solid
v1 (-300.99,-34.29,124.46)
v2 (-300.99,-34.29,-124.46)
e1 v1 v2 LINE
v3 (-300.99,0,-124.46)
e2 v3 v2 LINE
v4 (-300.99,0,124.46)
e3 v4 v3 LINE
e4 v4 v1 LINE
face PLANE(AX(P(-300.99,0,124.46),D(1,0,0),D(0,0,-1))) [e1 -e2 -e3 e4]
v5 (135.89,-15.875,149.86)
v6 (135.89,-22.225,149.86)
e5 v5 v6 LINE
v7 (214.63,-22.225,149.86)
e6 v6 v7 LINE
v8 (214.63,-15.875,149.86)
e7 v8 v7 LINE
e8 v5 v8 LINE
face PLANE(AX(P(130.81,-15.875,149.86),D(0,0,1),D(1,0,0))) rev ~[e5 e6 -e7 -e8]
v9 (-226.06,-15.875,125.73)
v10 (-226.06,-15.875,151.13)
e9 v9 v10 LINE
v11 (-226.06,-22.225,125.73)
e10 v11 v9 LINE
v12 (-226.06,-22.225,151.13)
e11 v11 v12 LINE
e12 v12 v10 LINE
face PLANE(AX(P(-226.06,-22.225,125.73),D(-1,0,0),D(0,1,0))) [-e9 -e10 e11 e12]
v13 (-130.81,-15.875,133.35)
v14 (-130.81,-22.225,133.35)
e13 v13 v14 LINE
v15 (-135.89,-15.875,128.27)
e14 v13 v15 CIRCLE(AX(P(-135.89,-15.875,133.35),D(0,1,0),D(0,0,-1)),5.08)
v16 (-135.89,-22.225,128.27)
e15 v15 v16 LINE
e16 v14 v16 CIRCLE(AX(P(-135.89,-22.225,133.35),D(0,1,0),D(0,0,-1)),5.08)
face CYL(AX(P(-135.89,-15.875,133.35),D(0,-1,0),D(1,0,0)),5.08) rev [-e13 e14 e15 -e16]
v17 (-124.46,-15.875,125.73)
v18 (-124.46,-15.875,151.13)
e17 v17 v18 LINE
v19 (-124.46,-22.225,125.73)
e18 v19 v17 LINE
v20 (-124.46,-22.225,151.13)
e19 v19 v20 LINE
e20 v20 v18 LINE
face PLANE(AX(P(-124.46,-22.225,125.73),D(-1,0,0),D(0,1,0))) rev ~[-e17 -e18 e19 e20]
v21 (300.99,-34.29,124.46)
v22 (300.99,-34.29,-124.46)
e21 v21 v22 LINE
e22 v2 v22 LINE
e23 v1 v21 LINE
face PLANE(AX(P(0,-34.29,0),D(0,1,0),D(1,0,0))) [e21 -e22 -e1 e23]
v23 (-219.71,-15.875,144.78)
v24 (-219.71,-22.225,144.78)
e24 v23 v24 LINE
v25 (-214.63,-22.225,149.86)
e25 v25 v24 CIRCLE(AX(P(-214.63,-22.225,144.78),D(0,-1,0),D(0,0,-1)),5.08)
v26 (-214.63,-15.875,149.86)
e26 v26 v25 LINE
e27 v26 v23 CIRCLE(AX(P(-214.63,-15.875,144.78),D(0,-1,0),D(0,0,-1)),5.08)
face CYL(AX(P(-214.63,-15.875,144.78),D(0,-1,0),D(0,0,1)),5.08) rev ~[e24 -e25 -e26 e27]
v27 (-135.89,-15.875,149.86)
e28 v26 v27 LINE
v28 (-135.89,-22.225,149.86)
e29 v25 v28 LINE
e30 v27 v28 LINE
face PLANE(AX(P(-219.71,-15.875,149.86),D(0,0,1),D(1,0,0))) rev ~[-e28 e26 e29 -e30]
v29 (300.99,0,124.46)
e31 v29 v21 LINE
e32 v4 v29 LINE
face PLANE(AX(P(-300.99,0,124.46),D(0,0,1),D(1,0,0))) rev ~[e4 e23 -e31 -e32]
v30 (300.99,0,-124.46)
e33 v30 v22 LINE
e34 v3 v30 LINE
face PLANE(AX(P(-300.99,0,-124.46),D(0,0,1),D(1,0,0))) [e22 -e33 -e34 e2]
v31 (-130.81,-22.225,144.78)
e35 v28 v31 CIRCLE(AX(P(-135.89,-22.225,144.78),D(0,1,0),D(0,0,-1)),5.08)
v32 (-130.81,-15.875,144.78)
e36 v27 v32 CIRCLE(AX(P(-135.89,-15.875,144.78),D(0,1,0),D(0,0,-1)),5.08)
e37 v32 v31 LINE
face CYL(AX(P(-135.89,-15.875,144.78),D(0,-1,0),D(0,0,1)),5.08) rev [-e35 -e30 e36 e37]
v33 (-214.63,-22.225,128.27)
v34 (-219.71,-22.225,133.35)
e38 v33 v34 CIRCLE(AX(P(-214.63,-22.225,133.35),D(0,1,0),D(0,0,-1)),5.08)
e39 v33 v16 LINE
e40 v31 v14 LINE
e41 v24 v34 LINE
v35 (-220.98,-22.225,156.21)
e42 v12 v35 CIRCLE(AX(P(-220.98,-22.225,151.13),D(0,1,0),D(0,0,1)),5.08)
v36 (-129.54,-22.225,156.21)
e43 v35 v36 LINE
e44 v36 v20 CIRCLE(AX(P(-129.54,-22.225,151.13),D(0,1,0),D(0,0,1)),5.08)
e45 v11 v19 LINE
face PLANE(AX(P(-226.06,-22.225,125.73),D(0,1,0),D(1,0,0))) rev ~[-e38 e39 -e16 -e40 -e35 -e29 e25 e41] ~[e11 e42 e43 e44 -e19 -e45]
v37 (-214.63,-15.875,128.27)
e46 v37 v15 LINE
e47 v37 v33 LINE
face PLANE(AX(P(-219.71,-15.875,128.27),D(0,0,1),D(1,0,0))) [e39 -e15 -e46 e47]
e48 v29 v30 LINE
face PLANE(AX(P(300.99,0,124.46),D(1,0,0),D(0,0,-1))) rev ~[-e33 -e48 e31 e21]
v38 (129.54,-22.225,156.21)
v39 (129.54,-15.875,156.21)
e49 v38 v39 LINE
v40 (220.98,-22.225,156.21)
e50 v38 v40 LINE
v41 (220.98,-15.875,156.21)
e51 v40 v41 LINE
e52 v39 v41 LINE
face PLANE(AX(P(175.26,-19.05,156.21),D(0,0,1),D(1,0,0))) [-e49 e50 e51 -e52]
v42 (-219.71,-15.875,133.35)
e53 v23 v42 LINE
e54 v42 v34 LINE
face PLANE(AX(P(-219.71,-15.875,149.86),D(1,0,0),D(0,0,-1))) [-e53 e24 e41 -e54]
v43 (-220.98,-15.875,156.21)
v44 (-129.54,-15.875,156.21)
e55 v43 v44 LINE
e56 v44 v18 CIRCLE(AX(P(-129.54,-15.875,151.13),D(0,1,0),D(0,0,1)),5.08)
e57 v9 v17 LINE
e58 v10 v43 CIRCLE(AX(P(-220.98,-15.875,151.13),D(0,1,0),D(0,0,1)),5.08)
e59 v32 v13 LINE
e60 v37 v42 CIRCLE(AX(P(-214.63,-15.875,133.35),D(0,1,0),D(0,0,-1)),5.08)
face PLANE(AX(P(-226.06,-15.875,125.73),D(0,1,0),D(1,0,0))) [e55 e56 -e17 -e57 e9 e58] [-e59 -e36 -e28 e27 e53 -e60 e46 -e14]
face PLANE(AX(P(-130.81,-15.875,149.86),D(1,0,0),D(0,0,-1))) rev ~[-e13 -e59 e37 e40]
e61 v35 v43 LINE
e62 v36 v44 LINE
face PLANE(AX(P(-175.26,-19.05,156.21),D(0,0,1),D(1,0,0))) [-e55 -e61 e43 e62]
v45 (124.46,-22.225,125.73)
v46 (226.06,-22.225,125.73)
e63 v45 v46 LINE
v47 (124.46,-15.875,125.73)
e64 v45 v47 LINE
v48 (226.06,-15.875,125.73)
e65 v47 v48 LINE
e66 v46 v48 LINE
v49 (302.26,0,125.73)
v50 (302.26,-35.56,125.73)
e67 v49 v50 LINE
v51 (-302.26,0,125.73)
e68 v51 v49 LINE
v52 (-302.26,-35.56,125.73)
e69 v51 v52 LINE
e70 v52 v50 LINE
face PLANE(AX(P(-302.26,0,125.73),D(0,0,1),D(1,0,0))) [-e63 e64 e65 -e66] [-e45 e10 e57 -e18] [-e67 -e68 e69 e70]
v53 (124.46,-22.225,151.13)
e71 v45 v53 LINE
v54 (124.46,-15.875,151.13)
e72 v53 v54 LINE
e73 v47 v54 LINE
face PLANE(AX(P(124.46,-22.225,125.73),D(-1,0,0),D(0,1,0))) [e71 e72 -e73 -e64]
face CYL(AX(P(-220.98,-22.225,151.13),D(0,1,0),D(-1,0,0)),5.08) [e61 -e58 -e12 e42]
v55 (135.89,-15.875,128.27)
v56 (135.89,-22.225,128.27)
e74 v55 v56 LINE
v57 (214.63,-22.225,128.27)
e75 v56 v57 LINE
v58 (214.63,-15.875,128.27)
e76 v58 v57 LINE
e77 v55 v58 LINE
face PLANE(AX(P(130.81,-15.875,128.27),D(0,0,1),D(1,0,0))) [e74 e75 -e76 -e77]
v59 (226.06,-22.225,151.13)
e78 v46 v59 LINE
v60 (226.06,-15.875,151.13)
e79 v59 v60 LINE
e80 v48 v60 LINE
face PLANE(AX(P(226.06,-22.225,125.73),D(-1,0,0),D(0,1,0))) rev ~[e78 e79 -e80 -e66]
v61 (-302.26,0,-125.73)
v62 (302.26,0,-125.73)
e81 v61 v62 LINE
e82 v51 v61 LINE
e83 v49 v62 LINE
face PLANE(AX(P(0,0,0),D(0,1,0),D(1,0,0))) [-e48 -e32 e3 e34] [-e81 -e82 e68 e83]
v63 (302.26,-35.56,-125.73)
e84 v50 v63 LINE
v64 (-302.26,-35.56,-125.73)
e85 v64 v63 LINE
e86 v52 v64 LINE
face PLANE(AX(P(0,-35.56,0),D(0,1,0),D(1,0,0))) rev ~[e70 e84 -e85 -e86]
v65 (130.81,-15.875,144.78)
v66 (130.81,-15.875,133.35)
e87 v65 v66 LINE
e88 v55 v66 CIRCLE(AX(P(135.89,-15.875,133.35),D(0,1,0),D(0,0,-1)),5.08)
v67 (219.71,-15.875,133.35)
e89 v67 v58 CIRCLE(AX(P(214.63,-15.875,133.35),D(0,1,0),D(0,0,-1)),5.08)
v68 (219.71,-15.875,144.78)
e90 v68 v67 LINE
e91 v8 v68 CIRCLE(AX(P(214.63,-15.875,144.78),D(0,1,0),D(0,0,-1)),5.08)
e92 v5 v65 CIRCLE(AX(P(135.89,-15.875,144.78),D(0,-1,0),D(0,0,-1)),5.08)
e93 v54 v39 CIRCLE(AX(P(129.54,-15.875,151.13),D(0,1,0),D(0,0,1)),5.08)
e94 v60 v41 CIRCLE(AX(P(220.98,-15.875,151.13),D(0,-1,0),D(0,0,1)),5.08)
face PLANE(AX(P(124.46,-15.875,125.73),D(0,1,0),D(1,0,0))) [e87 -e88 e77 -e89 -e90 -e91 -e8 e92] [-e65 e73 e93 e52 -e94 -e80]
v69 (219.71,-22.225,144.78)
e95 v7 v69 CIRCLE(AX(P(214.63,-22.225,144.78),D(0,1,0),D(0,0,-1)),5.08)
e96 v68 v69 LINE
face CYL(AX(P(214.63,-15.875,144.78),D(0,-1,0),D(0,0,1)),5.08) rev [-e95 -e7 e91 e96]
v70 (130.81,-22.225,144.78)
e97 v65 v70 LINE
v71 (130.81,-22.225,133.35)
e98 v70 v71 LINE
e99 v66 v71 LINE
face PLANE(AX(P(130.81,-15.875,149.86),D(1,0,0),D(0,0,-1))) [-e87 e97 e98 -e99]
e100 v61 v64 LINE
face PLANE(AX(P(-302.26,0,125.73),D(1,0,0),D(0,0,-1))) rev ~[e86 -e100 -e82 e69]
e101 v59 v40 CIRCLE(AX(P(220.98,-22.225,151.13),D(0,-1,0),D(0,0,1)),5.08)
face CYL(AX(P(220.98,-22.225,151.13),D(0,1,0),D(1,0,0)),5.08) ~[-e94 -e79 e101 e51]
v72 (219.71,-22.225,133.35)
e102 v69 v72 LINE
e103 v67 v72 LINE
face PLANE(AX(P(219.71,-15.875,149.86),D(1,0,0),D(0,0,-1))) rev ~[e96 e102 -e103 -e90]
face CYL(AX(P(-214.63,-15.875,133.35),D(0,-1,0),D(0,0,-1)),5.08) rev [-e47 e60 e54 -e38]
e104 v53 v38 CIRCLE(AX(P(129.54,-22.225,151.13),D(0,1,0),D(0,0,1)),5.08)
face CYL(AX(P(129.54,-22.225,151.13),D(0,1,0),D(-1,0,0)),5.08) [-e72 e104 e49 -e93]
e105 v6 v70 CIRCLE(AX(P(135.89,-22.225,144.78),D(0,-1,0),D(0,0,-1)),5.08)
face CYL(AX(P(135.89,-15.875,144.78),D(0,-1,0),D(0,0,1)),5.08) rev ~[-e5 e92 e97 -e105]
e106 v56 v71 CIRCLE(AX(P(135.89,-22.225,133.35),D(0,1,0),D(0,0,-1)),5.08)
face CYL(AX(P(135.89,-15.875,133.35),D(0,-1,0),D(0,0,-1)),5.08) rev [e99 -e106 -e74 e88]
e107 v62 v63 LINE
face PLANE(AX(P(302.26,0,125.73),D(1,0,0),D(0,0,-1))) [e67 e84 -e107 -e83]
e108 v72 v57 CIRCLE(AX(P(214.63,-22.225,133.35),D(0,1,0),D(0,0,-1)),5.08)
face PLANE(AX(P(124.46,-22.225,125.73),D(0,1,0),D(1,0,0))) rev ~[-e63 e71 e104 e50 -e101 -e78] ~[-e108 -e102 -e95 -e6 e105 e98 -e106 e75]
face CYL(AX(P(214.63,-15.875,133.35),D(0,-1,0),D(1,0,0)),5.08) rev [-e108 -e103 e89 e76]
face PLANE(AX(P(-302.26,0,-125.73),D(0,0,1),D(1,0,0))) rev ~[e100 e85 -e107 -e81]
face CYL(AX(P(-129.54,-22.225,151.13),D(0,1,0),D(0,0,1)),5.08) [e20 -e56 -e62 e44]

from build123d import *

# Parameters (mm, degrees)
SKETCH1_W           = 604.52
SKETCH1_H           = 251.46
BOSS_EXTRUDE1_DEPTH = 35.56
SKETCH2_W           = 601.98
SKETCH2_H           = 248.92
CUT_EXTRUDE1_DEPTH  = 34.29
SKETCH3_W           = 101.6
SKETCH3_H           = 6.35
BOSS_EXTRUDE2_DEPTH = 30.48
SKETCH4_W           = 88.9
SKETCH4_H           = 21.59
CUT_EXTRUDE2_DEPTH  = 341.808114523
FILLET1_R           = 5.08
FILLET2_R           = 5.08


with BuildPart() as part:
    # Sketch1 → Boss-Extrude1 (new body)
    with BuildSketch(Plane(origin=(0, 0, 0), x_dir=(1, 0, 0), z_dir=(0, 1, 0))):
        Rectangle(SKETCH1_W, SKETCH1_H)
    extrude(amount=-BOSS_EXTRUDE1_DEPTH)

    # Sketch2 → Cut-Extrude1 (cut)
    with BuildSketch(Plane(origin=(0, 0, 0), x_dir=(1, 0, 0), z_dir=(0, 1, 0))):
        Rectangle(SKETCH2_W, SKETCH2_H)
    extrude(amount=-CUT_EXTRUDE1_DEPTH, mode=Mode.SUBTRACT)

    # Sketch3 → Boss-Extrude2 (add)
    with BuildSketch(Plane.XY.offset(125.73)):
        with Locations((-175.26, -19.05)):
            Rectangle(SKETCH3_W, SKETCH3_H)
        with Locations((175.26, -19.05)):
            Rectangle(SKETCH3_W, SKETCH3_H)
    extrude(amount=BOSS_EXTRUDE2_DEPTH)

    # Sketch4 → Cut-Extrude2 (cut, through all)
    with BuildSketch(Plane(origin=(0, -15.875, 0), x_dir=(1, 0, 0), z_dir=(0, 1, 0))):
        with Locations((-175.26, -139.065)):
            Rectangle(SKETCH4_W, SKETCH4_H)
        with Locations((175.26, -139.065)):
            Rectangle(SKETCH4_W, SKETCH4_H)
    extrude(amount=-CUT_EXTRUDE2_DEPTH, mode=Mode.SUBTRACT)

    # Fillet1
    fillet1_edges = [part.edges().sort_by_distance(p)[0] for p in [
        (-219.71, -19.05, 149.86),
        (-219.71, -19.05, 128.27),
        (-130.81, -19.05, 128.27),
        (-130.81, -19.05, 149.86),
        (219.71, -19.05, 128.27),
        (219.71, -19.05, 149.86),
        (130.81, -19.05, 149.86),
        (130.81, -19.05, 128.27),
    ]]
    fillet(fillet1_edges, radius=FILLET1_R)

    # Fillet2
    fillet2_edges = [part.edges().sort_by_distance(p)[0] for p in [
        (-226.06, -19.05, 156.21),
        (-124.46, -19.05, 156.21),
        (226.06, -19.05, 156.21),
        (124.46, -19.05, 156.21),
    ]]
    fillet(fillet2_edges, radius=FILLET2_R)


solid = part.part
